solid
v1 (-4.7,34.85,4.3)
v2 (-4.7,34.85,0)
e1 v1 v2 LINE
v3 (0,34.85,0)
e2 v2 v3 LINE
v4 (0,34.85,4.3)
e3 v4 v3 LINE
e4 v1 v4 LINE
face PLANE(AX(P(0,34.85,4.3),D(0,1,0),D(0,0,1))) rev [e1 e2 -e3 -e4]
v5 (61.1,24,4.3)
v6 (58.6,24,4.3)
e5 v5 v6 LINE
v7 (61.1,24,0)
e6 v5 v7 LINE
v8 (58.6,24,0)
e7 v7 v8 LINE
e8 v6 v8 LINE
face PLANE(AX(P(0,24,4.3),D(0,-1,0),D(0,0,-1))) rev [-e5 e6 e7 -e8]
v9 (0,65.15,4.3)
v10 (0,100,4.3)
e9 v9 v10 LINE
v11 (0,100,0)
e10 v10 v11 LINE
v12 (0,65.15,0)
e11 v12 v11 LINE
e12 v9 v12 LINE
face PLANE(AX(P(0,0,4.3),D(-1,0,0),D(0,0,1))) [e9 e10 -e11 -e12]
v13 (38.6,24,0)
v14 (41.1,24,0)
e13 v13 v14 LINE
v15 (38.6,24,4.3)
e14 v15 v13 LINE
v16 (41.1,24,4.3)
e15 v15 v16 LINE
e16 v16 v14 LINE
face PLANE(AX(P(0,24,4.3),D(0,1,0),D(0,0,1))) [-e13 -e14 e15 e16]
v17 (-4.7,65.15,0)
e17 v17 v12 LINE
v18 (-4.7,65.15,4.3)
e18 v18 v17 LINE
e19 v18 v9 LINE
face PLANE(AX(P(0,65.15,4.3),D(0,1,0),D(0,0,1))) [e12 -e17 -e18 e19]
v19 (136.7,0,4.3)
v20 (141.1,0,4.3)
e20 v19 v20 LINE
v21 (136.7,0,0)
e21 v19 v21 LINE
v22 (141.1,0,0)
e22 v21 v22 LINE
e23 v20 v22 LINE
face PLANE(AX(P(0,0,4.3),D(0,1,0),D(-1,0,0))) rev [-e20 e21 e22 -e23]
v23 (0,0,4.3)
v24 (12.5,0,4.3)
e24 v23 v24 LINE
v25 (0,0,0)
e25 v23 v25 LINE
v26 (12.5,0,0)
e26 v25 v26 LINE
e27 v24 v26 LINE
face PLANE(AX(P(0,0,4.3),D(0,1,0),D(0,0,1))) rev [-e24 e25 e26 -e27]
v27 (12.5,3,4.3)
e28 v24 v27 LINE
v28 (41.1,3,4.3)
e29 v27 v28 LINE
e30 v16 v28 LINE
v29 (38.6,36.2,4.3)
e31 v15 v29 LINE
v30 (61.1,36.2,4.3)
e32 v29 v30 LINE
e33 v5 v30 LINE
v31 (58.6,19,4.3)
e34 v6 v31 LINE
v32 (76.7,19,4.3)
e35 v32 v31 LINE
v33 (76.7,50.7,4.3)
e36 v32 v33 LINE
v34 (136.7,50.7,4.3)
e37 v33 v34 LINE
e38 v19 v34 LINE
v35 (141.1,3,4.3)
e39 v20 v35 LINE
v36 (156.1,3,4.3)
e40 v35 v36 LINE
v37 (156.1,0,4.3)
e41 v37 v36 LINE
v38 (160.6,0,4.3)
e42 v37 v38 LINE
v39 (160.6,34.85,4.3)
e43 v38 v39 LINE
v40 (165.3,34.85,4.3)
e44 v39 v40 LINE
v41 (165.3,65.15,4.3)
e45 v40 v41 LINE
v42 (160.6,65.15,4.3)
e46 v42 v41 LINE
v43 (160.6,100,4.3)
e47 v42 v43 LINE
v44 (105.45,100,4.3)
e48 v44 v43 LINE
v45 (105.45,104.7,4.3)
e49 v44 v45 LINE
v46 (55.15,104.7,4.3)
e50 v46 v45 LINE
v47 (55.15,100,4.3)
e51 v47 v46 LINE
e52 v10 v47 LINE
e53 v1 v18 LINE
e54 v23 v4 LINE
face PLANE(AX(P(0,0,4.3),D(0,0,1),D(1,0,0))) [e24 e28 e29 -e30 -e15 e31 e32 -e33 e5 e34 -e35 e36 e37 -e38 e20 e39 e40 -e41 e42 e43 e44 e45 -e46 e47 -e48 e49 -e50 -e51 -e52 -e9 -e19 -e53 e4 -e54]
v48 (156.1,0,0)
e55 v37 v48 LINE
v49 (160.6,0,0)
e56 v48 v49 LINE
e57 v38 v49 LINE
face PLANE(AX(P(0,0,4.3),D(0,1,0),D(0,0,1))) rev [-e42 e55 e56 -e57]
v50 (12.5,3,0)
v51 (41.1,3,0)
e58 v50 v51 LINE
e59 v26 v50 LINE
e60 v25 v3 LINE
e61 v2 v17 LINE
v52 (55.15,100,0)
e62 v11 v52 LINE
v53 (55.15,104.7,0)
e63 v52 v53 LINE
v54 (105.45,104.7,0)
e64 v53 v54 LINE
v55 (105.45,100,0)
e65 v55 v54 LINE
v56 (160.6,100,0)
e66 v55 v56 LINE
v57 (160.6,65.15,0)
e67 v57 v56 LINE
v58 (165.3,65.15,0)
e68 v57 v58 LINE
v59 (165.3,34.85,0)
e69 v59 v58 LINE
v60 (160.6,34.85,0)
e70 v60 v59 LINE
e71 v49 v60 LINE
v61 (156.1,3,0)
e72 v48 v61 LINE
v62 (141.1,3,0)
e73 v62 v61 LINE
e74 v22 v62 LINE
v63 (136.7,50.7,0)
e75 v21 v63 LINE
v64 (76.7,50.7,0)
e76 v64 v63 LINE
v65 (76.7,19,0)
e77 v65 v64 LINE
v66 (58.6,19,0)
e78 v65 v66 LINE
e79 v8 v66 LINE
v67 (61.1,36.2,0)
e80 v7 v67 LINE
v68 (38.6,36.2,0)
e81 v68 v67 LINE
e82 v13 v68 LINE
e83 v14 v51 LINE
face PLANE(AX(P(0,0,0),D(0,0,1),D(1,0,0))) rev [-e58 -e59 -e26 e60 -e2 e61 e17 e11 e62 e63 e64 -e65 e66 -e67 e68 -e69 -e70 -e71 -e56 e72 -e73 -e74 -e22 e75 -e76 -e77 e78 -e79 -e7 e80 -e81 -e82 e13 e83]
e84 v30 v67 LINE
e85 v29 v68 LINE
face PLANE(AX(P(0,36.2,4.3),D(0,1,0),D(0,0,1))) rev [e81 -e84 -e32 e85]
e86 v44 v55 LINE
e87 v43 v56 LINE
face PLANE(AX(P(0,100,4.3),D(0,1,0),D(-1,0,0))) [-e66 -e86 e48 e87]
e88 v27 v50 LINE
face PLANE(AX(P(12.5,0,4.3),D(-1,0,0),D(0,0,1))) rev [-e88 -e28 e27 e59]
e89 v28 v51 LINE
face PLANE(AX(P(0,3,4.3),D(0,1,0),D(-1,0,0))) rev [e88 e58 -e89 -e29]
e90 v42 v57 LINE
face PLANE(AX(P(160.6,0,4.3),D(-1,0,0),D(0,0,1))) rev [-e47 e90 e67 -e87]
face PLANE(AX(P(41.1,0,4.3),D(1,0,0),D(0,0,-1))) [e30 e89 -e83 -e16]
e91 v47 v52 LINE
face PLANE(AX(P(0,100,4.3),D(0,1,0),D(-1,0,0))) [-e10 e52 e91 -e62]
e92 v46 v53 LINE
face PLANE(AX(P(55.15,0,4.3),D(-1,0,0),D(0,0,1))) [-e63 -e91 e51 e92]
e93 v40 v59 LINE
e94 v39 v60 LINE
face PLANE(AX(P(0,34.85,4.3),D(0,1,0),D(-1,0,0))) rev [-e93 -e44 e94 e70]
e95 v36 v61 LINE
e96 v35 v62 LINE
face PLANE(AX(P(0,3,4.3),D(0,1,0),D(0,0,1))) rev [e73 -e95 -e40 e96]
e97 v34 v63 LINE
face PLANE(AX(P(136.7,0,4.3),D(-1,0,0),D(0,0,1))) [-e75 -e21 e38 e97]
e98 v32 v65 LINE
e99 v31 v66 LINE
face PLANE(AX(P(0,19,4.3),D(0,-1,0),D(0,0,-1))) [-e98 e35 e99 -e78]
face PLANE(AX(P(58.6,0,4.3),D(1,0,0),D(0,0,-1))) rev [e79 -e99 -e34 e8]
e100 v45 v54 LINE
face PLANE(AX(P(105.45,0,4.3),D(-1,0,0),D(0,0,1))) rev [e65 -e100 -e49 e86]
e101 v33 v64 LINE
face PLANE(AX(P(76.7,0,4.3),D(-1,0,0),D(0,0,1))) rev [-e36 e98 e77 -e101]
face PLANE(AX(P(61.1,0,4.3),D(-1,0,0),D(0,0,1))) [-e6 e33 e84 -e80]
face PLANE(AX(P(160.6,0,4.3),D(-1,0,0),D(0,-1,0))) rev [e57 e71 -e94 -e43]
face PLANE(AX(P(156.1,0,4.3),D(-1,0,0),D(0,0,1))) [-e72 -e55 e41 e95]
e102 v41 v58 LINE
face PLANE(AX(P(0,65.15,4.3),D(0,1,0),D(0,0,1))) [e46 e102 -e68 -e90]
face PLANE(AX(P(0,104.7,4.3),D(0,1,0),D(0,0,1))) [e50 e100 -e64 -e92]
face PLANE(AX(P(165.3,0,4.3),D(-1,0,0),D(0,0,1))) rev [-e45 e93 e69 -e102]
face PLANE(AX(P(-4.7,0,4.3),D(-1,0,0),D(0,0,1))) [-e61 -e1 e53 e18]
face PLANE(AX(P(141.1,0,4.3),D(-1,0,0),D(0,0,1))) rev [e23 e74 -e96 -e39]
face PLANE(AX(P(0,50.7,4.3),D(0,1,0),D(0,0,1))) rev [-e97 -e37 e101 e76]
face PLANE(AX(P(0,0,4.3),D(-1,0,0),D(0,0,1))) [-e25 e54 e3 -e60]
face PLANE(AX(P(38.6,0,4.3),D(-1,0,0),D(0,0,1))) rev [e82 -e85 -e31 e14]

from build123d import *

# Parameters (mm, degrees)
BOSS_EXTRUDE1_DEPTH = 4.3


with BuildPart() as part:
    # Sketch1 → Boss-Extrude1 (new body)
    with BuildSketch(Plane.XY):
        Polygon((0, 34.85), (0, 0), (12.5, 0), (12.5, 3), (27.5, 3), (41.1, 3), (41.1, 24), (38.6, 24), (38.6, 36.2), (61.1, 36.2), (61.1, 24), (58.6, 24), (58.6, 19), (61.1, 19), (76.7, 19), (76.7, 50.7), (136.7, 50.7), (136.7, 0), (141.1, 0), (141.1, 3), (156.1, 3), (156.1, 0), (160.6, 0), (160.6, 34.85), (165.3, 34.85), (165.3, 65.15), (160.6, 65.15), (160.6, 100), (105.45, 100), (105.45, 104.7), (55.15, 104.7), (55.15, 100), (0, 100), (0, 65.15), (-4.7, 65.15), (-4.7, 34.85), align=None)
    extrude(amount=BOSS_EXTRUDE1_DEPTH)


solid = part.part
